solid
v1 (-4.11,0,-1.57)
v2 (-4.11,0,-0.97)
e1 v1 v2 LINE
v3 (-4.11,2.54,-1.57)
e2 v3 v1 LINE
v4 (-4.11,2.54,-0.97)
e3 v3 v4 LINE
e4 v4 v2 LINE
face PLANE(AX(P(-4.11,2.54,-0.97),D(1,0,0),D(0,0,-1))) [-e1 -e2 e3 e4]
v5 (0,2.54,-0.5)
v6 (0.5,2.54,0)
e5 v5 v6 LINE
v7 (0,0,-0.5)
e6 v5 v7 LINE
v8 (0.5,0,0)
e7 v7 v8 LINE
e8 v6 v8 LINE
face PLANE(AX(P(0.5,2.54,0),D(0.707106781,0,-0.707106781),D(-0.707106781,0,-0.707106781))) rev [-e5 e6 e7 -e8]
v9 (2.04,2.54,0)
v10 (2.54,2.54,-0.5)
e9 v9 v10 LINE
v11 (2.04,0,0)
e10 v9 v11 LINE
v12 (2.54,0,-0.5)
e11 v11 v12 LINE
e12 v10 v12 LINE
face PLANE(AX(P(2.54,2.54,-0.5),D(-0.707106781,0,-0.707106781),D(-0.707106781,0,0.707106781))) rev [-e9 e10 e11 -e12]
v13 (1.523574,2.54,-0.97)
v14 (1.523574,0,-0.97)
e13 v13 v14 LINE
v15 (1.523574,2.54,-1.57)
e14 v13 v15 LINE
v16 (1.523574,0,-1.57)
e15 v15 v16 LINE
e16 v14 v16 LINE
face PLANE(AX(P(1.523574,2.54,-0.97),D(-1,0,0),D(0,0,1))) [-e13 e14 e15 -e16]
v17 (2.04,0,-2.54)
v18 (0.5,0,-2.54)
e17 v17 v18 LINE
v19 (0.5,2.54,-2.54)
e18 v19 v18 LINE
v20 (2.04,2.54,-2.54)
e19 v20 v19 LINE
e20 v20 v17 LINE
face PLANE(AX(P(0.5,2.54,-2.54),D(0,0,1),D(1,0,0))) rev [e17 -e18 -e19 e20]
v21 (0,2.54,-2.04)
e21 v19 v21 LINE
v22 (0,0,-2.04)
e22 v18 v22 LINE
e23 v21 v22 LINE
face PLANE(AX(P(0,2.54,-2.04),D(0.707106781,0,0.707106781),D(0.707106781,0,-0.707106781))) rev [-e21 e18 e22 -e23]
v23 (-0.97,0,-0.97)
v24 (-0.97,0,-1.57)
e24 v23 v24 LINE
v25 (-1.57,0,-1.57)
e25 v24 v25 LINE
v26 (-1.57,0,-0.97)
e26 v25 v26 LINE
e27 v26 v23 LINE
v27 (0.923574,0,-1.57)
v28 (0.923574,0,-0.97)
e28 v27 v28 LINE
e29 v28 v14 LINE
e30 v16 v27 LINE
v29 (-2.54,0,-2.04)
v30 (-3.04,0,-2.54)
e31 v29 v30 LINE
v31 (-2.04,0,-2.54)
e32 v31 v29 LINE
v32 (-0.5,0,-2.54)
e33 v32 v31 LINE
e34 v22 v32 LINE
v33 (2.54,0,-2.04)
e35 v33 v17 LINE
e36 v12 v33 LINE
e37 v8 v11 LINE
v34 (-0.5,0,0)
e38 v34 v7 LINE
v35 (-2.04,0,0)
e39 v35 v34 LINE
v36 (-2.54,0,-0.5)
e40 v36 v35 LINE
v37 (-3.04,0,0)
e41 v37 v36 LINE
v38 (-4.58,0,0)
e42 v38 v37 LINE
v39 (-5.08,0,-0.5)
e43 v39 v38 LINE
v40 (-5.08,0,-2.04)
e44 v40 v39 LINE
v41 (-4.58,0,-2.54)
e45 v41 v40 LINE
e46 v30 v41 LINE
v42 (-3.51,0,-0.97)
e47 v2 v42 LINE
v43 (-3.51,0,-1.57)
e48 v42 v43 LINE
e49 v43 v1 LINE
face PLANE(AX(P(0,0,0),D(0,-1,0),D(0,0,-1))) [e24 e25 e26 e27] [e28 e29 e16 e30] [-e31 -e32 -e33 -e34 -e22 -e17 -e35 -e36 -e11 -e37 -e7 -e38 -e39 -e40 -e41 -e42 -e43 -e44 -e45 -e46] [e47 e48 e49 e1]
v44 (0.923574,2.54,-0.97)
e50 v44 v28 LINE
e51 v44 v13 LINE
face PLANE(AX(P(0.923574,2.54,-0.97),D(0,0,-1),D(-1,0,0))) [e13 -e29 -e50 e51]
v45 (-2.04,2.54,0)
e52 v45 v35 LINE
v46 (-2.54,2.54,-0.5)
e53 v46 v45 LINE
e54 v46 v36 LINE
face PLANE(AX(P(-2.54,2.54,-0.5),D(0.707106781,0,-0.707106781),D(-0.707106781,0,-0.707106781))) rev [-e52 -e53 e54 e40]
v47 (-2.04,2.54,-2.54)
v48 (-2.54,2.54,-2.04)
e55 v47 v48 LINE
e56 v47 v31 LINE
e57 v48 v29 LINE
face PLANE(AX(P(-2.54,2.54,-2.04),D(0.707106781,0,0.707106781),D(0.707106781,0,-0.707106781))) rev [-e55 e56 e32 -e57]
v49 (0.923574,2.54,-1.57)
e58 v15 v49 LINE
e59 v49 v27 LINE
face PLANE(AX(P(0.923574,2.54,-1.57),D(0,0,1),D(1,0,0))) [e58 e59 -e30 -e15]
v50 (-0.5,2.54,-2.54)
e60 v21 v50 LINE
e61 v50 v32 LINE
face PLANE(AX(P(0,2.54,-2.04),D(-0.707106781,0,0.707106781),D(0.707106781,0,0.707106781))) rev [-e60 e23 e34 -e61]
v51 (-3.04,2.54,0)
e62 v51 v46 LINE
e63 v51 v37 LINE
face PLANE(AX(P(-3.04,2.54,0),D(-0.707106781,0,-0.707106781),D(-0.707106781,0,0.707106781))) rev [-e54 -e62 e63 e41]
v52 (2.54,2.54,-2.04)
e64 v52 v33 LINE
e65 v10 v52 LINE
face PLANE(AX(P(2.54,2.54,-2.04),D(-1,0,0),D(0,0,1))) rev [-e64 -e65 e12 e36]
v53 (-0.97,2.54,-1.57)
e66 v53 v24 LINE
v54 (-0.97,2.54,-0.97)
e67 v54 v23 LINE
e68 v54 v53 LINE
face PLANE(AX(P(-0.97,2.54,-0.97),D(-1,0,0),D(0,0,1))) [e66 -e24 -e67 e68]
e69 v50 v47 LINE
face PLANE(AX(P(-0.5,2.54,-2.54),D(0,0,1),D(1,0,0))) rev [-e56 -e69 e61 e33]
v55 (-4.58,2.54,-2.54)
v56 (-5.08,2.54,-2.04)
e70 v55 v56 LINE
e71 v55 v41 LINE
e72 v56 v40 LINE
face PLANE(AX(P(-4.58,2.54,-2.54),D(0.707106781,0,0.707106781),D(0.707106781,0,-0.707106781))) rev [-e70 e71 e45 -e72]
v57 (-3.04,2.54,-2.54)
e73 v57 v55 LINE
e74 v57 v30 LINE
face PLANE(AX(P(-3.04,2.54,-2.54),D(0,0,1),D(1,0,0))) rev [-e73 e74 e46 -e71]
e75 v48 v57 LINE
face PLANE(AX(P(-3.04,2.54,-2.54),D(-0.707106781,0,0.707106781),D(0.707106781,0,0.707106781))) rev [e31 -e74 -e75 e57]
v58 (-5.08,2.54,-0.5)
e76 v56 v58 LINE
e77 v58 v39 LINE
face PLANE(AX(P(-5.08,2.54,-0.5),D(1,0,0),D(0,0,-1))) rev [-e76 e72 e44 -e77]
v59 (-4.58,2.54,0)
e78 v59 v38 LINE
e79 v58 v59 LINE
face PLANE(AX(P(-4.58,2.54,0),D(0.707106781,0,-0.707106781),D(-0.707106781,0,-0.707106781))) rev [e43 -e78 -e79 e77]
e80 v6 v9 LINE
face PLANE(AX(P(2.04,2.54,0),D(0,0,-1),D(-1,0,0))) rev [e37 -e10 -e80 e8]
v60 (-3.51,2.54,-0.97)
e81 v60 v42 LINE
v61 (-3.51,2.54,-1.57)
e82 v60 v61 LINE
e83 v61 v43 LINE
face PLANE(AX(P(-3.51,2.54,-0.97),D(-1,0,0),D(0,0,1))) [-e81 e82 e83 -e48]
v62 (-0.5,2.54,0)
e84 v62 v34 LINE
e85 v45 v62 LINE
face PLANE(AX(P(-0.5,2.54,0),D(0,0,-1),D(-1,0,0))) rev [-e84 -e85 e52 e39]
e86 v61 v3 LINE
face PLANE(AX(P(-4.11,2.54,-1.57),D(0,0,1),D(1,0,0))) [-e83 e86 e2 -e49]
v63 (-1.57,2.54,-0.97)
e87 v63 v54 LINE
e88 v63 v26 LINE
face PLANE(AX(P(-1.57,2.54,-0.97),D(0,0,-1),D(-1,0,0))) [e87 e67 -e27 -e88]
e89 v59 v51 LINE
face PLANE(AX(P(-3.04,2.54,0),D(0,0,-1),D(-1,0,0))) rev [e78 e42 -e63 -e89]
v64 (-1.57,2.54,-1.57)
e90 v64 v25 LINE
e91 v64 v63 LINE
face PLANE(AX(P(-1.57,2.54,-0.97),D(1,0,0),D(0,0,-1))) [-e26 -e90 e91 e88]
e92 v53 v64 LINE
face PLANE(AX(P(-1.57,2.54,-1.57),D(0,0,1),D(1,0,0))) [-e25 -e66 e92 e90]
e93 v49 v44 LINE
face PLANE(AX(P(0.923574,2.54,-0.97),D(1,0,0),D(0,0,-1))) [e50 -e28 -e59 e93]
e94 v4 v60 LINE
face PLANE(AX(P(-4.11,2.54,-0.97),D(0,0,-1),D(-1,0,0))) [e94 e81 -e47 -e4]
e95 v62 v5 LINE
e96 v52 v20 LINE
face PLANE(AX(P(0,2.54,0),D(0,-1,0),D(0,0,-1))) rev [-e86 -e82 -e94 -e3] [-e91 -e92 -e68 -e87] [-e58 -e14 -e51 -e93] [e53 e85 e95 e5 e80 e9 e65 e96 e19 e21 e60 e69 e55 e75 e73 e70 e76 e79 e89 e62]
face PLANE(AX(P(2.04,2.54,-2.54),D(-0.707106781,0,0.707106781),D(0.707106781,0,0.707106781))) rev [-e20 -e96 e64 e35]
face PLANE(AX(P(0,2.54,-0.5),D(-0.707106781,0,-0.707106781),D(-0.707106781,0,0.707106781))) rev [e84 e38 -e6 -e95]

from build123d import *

# Parameters (mm, degrees)
SKETCH1_W           = 0.6
SKETCH1_H           = 0.6
BOSS_EXTRUDE1_DEPTH = 2.54


with BuildPart() as part:
    # Sketch1 → Boss-Extrude1 (new body)
    with BuildSketch(Plane(origin=(0, 0, 0), x_dir=(1, 0, 0), z_dir=(0, 1, 0))):
        Polygon((-0.5, 0), (-2.04, 0), (-2.54, 0.5), (-3.04, 0), (-4.58, 0), (-5.08, 0.5), (-5.08, 2.04), (-4.58, 2.54), (-3.04, 2.54), (-2.54, 2.04), (-2.04, 2.54), (-0.5, 2.54), (0, 2.04), (0.5, 2.54), (2.04, 2.54), (2.54, 2.04), (2.54, 0.5), (2.04, 0), (0.5, 0), (0, 0.5), align=None)
        with Locations((-3.81, 1.27)):
            Rectangle(SKETCH1_W, SKETCH1_H, mode=Mode.SUBTRACT)
        with Locations((-1.27, 1.27)):
            Rectangle(SKETCH1_W, SKETCH1_H, mode=Mode.SUBTRACT)
        with Locations((1.223573691, 1.27)):
            Rectangle(SKETCH1_W, SKETCH1_H, mode=Mode.SUBTRACT)
    extrude(amount=BOSS_EXTRUDE1_DEPTH)


solid = part.part
